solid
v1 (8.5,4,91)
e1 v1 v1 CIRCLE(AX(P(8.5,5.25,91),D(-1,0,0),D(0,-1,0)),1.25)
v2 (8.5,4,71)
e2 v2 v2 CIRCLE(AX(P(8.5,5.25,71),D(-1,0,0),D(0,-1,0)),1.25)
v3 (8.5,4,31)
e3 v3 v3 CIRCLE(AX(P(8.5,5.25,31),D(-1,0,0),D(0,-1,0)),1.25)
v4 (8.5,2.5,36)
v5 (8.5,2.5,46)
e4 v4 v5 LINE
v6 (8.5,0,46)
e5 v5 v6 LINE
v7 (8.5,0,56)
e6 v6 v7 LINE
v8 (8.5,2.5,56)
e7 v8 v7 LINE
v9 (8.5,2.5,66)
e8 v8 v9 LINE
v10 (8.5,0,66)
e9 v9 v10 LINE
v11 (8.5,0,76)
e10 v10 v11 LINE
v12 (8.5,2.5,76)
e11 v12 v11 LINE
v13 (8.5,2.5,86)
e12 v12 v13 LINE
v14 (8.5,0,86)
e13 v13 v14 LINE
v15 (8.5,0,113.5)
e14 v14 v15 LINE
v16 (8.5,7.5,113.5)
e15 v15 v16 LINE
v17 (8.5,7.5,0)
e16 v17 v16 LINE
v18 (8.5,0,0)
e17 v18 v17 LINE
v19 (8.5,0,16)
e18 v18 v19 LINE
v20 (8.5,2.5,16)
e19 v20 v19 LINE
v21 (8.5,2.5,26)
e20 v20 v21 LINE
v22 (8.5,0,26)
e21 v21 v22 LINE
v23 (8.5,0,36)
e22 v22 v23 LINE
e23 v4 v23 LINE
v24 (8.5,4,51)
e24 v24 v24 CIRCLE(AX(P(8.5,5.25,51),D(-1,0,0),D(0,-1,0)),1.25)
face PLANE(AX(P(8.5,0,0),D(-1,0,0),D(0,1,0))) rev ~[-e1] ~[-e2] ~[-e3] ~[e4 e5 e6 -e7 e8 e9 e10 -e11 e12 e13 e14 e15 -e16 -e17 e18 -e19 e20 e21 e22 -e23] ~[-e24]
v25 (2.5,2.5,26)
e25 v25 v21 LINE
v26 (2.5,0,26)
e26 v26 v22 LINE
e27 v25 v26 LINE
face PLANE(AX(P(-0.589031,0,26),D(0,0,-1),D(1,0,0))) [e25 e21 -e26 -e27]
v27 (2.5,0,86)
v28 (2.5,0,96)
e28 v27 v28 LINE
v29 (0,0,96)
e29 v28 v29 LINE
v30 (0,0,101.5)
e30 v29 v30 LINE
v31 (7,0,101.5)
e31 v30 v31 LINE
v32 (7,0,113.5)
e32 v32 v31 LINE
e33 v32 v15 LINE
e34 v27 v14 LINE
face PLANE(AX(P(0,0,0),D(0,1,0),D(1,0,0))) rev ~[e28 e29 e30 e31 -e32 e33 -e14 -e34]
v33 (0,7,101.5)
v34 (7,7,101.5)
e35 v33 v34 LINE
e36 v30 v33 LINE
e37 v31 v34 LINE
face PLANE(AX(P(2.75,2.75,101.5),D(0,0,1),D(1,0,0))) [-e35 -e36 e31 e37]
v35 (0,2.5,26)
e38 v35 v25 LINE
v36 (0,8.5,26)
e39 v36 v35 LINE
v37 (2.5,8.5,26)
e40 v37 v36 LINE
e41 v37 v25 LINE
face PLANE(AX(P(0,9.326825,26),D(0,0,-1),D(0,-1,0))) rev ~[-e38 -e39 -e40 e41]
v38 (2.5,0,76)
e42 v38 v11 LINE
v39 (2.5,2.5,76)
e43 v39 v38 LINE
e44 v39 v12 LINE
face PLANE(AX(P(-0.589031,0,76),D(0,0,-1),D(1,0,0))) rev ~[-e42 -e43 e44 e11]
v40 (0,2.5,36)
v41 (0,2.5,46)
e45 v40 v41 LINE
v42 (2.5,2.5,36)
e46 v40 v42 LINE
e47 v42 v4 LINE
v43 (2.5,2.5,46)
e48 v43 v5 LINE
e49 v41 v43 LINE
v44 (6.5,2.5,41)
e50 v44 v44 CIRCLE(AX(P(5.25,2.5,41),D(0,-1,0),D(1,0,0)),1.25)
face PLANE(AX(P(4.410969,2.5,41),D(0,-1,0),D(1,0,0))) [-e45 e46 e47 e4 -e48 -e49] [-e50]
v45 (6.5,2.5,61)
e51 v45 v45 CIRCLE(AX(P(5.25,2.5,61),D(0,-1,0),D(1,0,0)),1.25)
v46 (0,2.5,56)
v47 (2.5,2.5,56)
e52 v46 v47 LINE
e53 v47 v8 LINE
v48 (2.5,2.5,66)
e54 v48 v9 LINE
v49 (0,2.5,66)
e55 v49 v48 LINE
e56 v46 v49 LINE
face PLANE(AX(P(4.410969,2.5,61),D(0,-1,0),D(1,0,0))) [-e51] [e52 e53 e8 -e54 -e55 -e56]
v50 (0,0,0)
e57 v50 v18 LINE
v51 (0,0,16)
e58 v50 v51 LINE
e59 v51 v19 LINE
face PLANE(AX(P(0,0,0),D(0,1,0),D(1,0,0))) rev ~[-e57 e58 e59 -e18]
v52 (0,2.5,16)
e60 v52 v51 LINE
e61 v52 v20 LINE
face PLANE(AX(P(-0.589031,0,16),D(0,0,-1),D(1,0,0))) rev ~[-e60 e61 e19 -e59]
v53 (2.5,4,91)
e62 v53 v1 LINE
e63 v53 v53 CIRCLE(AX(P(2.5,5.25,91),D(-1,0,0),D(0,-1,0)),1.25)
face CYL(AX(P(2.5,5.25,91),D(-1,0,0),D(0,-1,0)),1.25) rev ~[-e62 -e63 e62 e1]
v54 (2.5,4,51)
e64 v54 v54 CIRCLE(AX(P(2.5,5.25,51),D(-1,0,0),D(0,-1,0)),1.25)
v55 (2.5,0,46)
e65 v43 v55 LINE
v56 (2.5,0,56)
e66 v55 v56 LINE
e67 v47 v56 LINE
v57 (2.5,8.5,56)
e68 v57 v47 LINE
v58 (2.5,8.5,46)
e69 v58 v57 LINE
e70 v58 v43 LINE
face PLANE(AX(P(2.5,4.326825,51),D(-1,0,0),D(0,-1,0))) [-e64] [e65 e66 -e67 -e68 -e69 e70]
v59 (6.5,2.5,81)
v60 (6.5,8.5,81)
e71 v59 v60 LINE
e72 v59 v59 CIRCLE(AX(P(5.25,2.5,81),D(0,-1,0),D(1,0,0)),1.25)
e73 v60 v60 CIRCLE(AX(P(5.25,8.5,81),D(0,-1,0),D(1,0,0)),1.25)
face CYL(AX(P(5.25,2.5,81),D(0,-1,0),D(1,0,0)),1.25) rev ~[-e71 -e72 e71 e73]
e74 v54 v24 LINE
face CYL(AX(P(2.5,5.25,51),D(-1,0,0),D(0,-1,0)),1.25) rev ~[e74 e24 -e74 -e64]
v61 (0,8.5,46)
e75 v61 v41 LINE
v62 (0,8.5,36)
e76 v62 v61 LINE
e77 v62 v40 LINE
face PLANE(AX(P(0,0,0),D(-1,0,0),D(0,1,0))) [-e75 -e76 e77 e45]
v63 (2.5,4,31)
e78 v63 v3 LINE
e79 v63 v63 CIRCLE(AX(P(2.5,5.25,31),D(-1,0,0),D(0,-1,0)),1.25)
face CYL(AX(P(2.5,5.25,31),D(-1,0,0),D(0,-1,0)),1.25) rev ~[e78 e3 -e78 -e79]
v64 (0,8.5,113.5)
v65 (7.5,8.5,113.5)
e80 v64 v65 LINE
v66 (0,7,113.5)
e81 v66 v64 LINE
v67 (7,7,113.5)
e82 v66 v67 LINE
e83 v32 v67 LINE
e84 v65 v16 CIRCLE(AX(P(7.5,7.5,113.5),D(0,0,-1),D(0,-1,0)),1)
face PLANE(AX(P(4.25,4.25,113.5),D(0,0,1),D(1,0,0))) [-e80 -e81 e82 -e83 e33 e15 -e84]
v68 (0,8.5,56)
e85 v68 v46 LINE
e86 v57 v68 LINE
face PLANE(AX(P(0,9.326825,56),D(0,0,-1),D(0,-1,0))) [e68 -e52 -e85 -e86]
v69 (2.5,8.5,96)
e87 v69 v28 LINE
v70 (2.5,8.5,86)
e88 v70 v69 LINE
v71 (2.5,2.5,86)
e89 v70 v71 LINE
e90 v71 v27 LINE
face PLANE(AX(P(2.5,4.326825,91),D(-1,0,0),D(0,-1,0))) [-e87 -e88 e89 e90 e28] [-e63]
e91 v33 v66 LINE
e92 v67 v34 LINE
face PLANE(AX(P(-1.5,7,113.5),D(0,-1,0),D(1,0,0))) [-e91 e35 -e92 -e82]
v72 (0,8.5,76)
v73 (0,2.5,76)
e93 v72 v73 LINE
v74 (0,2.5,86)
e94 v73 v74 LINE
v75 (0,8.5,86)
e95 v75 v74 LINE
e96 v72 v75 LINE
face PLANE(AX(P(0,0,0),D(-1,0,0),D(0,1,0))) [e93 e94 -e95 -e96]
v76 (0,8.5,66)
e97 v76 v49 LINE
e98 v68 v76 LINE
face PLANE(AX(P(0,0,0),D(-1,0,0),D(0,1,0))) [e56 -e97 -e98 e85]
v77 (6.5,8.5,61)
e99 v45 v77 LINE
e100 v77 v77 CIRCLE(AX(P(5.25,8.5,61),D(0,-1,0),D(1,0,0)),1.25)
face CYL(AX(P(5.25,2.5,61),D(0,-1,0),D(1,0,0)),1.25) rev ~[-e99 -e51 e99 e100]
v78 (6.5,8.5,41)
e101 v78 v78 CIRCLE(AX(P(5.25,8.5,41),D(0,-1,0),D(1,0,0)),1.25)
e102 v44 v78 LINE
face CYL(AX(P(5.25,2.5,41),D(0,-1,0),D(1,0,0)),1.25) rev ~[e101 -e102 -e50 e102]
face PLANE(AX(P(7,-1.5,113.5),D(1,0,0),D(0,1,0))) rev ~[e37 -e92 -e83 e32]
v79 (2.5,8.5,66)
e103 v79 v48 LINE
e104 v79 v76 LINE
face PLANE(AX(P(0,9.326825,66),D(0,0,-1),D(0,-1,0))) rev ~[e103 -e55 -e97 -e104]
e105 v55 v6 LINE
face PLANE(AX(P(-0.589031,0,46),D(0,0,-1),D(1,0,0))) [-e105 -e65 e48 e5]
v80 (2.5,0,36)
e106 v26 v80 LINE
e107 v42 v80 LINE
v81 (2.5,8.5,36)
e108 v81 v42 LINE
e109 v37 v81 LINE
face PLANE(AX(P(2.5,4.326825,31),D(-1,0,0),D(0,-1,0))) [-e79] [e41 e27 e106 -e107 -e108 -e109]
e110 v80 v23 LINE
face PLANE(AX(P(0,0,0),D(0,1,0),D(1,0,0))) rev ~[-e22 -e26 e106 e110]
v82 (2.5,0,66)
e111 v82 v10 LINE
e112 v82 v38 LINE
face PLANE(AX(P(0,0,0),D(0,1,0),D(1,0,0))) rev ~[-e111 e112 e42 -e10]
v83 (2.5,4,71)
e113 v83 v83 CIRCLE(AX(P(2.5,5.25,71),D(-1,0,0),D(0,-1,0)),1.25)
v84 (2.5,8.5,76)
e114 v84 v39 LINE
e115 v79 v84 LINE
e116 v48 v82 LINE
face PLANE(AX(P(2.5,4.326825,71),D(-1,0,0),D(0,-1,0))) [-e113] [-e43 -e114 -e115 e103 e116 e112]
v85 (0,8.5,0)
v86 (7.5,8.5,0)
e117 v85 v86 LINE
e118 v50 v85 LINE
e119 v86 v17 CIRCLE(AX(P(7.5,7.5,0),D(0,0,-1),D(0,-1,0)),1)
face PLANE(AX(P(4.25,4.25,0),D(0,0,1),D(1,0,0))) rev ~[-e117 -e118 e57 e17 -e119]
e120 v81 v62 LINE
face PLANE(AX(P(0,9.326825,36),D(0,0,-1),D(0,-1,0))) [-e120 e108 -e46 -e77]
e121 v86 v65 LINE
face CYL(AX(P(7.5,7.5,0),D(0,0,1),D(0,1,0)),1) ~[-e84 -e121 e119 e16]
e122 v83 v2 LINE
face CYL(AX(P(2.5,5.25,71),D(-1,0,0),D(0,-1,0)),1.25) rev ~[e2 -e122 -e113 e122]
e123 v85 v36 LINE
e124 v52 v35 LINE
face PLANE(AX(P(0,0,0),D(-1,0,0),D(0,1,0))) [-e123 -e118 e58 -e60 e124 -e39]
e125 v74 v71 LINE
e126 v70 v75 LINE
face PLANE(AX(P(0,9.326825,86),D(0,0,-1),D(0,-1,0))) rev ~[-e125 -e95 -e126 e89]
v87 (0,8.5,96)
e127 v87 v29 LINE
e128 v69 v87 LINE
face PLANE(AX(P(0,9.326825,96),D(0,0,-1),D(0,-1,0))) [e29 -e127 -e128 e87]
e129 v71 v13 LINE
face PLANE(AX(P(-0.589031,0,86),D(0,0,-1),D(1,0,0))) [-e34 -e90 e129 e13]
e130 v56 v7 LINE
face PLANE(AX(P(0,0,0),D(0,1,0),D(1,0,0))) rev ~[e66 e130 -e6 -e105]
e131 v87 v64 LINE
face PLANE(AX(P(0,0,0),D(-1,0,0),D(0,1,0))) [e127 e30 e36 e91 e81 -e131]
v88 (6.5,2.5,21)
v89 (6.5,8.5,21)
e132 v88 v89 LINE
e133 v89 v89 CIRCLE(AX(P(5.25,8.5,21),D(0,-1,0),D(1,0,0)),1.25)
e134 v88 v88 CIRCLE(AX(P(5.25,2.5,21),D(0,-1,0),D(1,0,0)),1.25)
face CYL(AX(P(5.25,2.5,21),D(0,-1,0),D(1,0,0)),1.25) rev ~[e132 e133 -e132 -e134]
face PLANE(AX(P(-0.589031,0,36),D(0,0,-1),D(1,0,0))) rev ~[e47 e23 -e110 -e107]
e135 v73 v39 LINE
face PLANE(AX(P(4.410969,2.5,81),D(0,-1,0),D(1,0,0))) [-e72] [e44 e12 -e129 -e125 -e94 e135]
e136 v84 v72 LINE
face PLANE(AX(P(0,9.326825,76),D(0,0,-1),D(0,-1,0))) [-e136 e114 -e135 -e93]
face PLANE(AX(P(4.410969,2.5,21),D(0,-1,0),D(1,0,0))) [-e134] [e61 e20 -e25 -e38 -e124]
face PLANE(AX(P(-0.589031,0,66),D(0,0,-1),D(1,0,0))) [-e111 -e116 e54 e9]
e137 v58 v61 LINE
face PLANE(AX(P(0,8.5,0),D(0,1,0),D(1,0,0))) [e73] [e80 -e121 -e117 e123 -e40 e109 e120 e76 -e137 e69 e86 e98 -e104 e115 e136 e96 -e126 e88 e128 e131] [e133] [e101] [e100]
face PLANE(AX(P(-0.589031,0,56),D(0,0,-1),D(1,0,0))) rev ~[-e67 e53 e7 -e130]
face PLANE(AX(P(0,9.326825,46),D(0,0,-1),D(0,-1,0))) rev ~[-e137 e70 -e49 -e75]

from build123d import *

# Parameters (mm, degrees)
SKETCH_W               = 8.5
SKETCH_H               = 8.5
PAD_DEPTH              = 113.5
SKETCH001_W            = 10
SKETCH001_H            = 10
POCKET_DEPTH           = 2.5
LINEARPATTERN_COUNT    = 4
LINEARPATTERN_PITCH    = 20
SKETCH002_W            = 10
SKETCH002_H            = 10
POCKET001_DEPTH        = 2.5
LINEARPATTERN001_COUNT = 4
LINEARPATTERN001_PITCH = 20
FILLET_R               = 1
SKETCH003_R            = 1.25
POCKET002_DEPTH        = 6.001
LINEARPATTERN002_COUNT = 4
LINEARPATTERN002_PITCH = 20
SKETCH004_R            = 1.25
POCKET003_DEPTH        = 6.001
LINEARPATTERN003_COUNT = 4
LINEARPATTERN003_PITCH = 20
SKETCH005_W            = 8.5
SKETCH005_H            = 8.5
POCKET004_DEPTH        = 12


with BuildPart() as part:
    # Sketch → Pad (new body)
    with BuildSketch(Plane.XY):
        with Locations((4.25, 4.25)):
            Rectangle(SKETCH_W, SKETCH_H)
    extrude(amount=PAD_DEPTH)

    # Sketch001 → Pocket (cut)
    with BuildSketch(Plane.XZ):
        with Locations((4.410969, 21)):
            Rectangle(SKETCH001_W, SKETCH001_H)
    pocket = extrude(amount=-POCKET_DEPTH, mode=Mode.SUBTRACT)

    # LinearPattern: Pocket ×4
    with Locations(*[(0, 0, i * LINEARPATTERN_PITCH) for i in range(1, LINEARPATTERN_COUNT)]):
        add(pocket, mode=Mode.SUBTRACT)

    # Sketch002 → Pocket001 (cut)
    with BuildSketch(Plane(origin=(0, 0, 0), x_dir=(0, -1, 0), z_dir=(-1, 0, 0))):
        with Locations((-4.326825, 31)):
            Rectangle(SKETCH002_W, SKETCH002_H)
    pocket001 = extrude(amount=-POCKET001_DEPTH, mode=Mode.SUBTRACT)

    # LinearPattern001: Pocket001 ×4
    with Locations(*[(0, 0, i * LINEARPATTERN001_PITCH) for i in range(1, LINEARPATTERN001_COUNT)]):
        add(pocket001, mode=Mode.SUBTRACT)

    # Fillet
    fillet_edges = [part.edges().sort_by_distance(p)[0] for p in [
        (8.5, 8.5, 56.75),
    ]]
    fillet(fillet_edges, radius=FILLET_R)

    # Sketch003 → Pocket002 (cut, through all)
    with BuildSketch(Plane.XZ.offset(-2.5)):
        with Locations((5.25, 21)):
            Circle(SKETCH003_R)
    pocket002 = extrude(amount=-POCKET002_DEPTH, mode=Mode.SUBTRACT)

    # LinearPattern002: Pocket002 ×4
    with Locations(*[(0, 0, i * LINEARPATTERN002_PITCH) for i in range(1, LINEARPATTERN002_COUNT)]):
        add(pocket002, mode=Mode.SUBTRACT)

    # Sketch004 → Pocket003 (cut, through all)
    with BuildSketch(Plane(origin=(2.5, 0, 0), x_dir=(0, -1, 0), z_dir=(-1, 0, 0))):
        with Locations((-5.25, 31)):
            Circle(SKETCH004_R)
    pocket003 = extrude(amount=-POCKET003_DEPTH, mode=Mode.SUBTRACT)

    # LinearPattern003: Pocket003 ×4
    with Locations(*[(0, 0, i * LINEARPATTERN003_PITCH) for i in range(1, LINEARPATTERN003_COUNT)]):
        add(pocket003, mode=Mode.SUBTRACT)

    # Sketch005 → Pocket004 (cut)
    with BuildSketch(Plane.XY.offset(113.5)):
        with Locations((2.75, 2.75)):
            Rectangle(SKETCH005_W, SKETCH005_H)
    extrude(amount=-POCKET004_DEPTH, mode=Mode.SUBTRACT)


solid = part.part
